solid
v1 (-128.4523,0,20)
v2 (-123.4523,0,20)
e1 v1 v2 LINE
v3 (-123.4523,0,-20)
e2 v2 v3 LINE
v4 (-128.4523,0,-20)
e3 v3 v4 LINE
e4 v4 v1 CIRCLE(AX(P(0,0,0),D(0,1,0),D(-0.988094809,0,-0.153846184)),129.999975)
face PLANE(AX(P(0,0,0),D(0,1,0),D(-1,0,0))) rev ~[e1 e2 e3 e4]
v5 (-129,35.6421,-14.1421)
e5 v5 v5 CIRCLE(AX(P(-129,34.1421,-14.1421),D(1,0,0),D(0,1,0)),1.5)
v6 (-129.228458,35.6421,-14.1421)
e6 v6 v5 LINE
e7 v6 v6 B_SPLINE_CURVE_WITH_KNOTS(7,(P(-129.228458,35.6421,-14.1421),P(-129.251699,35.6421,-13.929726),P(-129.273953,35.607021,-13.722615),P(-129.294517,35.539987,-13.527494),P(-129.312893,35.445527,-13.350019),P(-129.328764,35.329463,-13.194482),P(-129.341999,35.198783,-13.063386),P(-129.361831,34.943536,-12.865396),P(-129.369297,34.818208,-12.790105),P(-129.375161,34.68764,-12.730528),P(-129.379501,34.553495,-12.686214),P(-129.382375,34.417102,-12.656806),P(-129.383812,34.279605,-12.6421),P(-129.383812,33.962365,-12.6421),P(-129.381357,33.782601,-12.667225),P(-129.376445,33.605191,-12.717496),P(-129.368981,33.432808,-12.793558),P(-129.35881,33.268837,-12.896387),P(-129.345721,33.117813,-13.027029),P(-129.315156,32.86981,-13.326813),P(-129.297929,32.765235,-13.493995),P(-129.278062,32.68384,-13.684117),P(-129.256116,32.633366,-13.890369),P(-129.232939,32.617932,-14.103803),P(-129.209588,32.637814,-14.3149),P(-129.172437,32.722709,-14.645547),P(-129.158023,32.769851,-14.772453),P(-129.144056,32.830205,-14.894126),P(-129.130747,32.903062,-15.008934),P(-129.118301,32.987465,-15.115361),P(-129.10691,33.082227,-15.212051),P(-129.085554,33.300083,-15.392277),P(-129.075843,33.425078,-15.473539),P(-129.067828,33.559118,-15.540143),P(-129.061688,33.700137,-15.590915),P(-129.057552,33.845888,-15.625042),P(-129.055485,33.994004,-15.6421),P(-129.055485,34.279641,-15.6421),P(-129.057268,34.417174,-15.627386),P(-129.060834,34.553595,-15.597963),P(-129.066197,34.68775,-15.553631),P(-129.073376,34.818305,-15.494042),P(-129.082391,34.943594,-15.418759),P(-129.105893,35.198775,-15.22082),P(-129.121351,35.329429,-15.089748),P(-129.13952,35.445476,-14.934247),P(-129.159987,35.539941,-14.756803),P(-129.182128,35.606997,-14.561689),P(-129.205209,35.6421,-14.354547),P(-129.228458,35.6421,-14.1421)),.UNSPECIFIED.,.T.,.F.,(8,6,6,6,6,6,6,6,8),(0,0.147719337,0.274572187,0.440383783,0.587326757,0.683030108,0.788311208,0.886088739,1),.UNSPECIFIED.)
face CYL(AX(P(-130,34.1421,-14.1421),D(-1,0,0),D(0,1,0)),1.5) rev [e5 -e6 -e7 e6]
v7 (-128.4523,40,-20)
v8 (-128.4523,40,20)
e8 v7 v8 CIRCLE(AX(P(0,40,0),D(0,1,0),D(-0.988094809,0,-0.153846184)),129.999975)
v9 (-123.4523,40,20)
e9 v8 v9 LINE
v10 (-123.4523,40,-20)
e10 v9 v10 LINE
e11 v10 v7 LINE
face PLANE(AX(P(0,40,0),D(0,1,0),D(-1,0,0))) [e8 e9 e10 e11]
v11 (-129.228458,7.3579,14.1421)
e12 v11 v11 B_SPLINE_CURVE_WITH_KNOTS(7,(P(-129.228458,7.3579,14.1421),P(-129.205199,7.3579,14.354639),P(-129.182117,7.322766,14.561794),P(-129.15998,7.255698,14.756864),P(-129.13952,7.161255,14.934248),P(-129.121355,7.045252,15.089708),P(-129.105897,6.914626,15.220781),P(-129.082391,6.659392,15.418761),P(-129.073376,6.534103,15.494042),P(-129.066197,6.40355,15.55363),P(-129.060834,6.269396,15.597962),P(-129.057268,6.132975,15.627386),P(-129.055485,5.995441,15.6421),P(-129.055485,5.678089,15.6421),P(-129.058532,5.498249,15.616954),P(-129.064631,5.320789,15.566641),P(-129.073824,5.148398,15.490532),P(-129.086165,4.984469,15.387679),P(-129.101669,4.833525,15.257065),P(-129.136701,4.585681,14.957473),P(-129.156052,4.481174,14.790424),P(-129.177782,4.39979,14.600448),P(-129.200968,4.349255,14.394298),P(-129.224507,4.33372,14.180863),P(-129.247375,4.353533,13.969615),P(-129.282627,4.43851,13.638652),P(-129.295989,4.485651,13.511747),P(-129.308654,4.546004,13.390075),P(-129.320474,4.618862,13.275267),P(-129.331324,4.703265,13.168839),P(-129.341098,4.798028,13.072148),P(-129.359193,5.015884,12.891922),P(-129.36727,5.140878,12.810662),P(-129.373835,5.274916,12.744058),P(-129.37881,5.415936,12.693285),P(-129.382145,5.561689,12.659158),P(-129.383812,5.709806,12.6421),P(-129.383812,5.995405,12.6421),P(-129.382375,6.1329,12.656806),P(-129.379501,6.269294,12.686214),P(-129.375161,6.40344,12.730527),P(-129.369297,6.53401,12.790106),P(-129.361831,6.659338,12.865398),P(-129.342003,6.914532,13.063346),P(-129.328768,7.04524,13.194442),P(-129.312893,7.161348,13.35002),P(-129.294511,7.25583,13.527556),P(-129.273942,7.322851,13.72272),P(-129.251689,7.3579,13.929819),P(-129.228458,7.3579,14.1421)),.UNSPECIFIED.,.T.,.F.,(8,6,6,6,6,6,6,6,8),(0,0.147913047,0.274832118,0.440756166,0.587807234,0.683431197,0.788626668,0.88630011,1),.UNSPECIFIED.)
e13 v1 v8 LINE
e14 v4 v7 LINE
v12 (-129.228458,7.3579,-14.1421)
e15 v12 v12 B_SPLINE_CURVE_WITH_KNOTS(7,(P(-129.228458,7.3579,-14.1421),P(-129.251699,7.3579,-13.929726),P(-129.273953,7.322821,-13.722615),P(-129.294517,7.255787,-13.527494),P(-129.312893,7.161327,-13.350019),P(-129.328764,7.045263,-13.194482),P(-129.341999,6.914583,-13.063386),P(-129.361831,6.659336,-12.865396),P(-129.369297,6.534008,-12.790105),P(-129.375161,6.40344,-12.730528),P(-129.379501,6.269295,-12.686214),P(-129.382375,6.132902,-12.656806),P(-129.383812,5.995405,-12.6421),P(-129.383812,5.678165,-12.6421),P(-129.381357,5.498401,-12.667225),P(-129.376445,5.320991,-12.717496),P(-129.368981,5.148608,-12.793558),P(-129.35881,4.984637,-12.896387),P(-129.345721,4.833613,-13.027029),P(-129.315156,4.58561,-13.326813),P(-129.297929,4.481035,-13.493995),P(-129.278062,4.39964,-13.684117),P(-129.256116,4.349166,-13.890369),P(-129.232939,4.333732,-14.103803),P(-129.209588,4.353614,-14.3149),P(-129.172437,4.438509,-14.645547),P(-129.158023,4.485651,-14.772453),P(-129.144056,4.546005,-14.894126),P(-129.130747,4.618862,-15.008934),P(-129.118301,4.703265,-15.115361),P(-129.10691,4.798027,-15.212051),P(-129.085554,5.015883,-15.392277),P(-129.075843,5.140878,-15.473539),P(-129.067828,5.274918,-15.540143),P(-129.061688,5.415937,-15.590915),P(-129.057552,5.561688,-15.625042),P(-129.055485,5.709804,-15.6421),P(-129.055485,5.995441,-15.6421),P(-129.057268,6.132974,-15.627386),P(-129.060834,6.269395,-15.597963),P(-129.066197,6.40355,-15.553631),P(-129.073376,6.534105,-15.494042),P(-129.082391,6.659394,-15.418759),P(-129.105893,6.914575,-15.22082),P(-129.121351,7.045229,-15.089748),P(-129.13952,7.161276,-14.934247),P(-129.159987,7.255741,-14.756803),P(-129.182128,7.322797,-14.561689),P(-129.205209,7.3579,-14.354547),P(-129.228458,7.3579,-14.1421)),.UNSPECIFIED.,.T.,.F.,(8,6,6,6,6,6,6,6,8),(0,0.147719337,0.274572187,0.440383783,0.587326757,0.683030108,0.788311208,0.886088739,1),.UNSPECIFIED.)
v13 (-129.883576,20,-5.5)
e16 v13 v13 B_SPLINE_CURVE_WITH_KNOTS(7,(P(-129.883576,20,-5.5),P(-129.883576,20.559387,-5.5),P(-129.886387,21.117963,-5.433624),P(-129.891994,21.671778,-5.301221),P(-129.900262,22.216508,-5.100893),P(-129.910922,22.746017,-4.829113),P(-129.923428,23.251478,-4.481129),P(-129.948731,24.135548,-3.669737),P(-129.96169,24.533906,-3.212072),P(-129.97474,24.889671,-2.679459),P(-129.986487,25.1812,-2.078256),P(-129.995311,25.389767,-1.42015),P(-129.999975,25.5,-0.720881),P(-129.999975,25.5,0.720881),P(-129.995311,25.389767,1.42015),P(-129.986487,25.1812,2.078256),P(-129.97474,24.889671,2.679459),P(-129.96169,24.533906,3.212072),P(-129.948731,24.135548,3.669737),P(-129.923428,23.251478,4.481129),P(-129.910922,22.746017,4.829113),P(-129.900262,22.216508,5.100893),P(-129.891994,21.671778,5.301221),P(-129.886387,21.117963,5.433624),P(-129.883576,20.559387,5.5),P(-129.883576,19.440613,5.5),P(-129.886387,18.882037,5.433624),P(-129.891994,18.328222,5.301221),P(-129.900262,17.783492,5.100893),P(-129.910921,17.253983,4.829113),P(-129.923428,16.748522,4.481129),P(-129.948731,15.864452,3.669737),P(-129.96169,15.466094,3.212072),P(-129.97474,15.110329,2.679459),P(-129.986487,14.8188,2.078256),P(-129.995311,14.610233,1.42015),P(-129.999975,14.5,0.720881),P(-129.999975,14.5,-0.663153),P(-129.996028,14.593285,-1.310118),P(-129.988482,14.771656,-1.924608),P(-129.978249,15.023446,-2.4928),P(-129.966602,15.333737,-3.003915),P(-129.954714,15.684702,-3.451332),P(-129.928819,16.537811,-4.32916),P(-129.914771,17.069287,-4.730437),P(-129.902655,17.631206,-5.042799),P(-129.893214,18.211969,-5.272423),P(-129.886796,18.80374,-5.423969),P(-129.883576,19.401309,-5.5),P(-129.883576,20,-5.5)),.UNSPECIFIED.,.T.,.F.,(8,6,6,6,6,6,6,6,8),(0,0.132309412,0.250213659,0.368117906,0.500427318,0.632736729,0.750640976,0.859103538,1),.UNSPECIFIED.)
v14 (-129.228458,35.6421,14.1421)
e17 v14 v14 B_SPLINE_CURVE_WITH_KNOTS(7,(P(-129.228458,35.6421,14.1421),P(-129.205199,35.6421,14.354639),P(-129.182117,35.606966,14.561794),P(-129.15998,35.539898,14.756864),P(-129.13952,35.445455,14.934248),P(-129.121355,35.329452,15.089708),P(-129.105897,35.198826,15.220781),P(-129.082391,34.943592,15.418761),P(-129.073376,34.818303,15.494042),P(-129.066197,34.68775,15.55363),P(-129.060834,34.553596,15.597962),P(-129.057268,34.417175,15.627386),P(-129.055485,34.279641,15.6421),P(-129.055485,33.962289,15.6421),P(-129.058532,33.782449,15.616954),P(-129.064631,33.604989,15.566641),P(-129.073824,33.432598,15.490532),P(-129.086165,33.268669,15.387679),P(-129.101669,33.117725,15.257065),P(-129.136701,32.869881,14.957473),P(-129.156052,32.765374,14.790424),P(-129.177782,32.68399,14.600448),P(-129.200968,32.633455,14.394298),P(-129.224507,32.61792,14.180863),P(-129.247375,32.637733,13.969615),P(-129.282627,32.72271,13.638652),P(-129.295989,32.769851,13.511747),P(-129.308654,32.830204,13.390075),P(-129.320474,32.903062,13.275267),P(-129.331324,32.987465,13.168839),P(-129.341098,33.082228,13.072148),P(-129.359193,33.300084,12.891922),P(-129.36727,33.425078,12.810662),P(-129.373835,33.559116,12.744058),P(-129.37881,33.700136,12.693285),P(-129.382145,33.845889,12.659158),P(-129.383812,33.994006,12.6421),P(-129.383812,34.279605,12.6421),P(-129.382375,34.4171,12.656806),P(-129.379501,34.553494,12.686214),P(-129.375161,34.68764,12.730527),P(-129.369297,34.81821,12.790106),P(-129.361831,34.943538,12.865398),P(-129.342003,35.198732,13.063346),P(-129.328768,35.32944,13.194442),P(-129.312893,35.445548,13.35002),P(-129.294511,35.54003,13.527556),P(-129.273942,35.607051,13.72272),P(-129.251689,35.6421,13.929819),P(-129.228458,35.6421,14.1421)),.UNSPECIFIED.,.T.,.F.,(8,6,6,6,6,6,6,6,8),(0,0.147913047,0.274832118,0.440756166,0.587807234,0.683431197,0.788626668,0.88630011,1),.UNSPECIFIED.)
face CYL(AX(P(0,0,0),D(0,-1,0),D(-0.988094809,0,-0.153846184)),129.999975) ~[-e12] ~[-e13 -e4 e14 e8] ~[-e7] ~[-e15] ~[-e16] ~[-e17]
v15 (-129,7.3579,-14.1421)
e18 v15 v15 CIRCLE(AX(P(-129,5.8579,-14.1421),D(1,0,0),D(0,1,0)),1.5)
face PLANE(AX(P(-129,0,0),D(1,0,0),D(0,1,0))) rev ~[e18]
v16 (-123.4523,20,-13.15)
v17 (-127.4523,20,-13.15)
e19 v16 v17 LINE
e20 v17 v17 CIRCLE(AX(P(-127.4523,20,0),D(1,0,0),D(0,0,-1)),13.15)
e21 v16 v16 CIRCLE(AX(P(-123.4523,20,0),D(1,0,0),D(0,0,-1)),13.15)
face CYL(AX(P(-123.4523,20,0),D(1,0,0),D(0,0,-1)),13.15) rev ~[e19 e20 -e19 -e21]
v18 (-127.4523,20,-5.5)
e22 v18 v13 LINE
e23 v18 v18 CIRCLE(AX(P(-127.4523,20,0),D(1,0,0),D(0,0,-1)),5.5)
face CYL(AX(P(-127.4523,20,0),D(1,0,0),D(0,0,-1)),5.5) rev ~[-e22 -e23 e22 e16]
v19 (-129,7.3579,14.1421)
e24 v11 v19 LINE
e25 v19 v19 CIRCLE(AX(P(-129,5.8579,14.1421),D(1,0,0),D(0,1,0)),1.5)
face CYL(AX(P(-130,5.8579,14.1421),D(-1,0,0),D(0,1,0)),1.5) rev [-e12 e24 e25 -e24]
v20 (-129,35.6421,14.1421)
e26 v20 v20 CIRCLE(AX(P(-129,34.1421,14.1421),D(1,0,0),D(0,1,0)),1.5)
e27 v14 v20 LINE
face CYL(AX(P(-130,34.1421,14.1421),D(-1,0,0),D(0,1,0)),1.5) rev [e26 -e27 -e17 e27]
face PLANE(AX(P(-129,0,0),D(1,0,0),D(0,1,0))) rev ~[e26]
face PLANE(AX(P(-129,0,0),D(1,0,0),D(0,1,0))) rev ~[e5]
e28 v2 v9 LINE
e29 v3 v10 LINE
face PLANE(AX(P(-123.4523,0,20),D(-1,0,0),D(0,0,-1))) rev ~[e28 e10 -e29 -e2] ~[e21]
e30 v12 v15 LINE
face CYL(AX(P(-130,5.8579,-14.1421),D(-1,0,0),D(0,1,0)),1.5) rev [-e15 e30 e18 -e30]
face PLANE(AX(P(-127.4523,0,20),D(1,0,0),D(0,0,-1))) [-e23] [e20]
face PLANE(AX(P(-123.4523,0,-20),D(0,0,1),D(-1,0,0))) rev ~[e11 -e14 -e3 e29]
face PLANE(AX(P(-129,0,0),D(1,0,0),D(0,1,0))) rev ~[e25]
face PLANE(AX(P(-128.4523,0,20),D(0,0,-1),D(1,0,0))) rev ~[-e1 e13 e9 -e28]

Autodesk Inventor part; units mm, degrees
ref_plane "XZ Plane" through (0, 0, 0) normal (0, 1, 0) x (-1, 0, 0)
ref_plane "XY Plane" through (0, 0, 0) normal (0, 0, 1) x (1, 0, 0)
sketch "Sketch1" plane through (0, 0, 0) normal (0, 1, 0) x (-1, 0, 0)
  arc A0 (128.4523, -20) -> (128.4523, 20) centre (0, 0) ccw
  line L0 (128.4523, 20) -> (123.4523, 20)
  line L1 (123.4523, 20) -> (123.4523, -20)
  line L2 (123.4523, -20) -> (128.4523, -20)
  point P0 (123.4523, 0)
  dimension "d0" = 130
  dimension "d1" = 40
  dimension "d2" = 5
extrude "Extrusion1" add sketch "Sketch1" along normal blind 40
sketch "Sketch2" plane through (-123.4523, 0, 20) normal (1, 0, 0) x (0, 0, -1)
  circle A0 centre (20, 20) radius 13.15
  line L0 (0, 0) -> (0, 40) projected
  line L1 (0, 0) -> (40, 0) projected
  point P0 (20, 0)
  point P1 (0, 20)
  point P2 (20, 0)
  dimension "d5" = 26.3
extrude "Extrusion2" cut sketch "Sketch2" against normal blind 4
sketch "Sketch3" plane through (-127.4523, 20, 0) normal (1, 0, 0) x (0, 0, -1)
  circle A0 centre (0, 0) radius 5.5
  point P0 (0, -20)
  dimension "d8" = 11
extrude "Extrusion3" cut sketch "Sketch3" against normal through all
ref_plane "Work Plane1" through (-130, 0, 0) normal (1, 0, 0) x (0, 1, 0)
sketch "Sketch4" plane through (-130, 0, 0) normal (1, 0, 0) x (0, 1, 0)
  circle A0 centre (34.1421, -14.1421) radius 1.5
  circle A1 centre (20, 0) radius 5.5 projected
  circle A2 centre (20, 0) radius 20 construction
  circle A3 centre (34.1421, 14.1421) radius 1.5
  circle A4 centre (5.8579, 14.1421) radius 1.5
  circle A5 centre (5.8579, -14.1421) radius 1.5
  line L0 (20, 0) -> (20, -24.623) construction
  line L1 (20, 0) -> (34.1421, -14.1421) construction
  point P0 (0, 0)
  dimension "d15" = 40
  dimension "d11" = 3
  dimension "d18" = 360
  dimension "d20" = 45
extrude "Extrusion4" cut sketch "Sketch4" along normal blind 1 contours A0 | A3 | A4 | A5
properties part number "shift_fixed_socket" material "Acetal Resin, White"
